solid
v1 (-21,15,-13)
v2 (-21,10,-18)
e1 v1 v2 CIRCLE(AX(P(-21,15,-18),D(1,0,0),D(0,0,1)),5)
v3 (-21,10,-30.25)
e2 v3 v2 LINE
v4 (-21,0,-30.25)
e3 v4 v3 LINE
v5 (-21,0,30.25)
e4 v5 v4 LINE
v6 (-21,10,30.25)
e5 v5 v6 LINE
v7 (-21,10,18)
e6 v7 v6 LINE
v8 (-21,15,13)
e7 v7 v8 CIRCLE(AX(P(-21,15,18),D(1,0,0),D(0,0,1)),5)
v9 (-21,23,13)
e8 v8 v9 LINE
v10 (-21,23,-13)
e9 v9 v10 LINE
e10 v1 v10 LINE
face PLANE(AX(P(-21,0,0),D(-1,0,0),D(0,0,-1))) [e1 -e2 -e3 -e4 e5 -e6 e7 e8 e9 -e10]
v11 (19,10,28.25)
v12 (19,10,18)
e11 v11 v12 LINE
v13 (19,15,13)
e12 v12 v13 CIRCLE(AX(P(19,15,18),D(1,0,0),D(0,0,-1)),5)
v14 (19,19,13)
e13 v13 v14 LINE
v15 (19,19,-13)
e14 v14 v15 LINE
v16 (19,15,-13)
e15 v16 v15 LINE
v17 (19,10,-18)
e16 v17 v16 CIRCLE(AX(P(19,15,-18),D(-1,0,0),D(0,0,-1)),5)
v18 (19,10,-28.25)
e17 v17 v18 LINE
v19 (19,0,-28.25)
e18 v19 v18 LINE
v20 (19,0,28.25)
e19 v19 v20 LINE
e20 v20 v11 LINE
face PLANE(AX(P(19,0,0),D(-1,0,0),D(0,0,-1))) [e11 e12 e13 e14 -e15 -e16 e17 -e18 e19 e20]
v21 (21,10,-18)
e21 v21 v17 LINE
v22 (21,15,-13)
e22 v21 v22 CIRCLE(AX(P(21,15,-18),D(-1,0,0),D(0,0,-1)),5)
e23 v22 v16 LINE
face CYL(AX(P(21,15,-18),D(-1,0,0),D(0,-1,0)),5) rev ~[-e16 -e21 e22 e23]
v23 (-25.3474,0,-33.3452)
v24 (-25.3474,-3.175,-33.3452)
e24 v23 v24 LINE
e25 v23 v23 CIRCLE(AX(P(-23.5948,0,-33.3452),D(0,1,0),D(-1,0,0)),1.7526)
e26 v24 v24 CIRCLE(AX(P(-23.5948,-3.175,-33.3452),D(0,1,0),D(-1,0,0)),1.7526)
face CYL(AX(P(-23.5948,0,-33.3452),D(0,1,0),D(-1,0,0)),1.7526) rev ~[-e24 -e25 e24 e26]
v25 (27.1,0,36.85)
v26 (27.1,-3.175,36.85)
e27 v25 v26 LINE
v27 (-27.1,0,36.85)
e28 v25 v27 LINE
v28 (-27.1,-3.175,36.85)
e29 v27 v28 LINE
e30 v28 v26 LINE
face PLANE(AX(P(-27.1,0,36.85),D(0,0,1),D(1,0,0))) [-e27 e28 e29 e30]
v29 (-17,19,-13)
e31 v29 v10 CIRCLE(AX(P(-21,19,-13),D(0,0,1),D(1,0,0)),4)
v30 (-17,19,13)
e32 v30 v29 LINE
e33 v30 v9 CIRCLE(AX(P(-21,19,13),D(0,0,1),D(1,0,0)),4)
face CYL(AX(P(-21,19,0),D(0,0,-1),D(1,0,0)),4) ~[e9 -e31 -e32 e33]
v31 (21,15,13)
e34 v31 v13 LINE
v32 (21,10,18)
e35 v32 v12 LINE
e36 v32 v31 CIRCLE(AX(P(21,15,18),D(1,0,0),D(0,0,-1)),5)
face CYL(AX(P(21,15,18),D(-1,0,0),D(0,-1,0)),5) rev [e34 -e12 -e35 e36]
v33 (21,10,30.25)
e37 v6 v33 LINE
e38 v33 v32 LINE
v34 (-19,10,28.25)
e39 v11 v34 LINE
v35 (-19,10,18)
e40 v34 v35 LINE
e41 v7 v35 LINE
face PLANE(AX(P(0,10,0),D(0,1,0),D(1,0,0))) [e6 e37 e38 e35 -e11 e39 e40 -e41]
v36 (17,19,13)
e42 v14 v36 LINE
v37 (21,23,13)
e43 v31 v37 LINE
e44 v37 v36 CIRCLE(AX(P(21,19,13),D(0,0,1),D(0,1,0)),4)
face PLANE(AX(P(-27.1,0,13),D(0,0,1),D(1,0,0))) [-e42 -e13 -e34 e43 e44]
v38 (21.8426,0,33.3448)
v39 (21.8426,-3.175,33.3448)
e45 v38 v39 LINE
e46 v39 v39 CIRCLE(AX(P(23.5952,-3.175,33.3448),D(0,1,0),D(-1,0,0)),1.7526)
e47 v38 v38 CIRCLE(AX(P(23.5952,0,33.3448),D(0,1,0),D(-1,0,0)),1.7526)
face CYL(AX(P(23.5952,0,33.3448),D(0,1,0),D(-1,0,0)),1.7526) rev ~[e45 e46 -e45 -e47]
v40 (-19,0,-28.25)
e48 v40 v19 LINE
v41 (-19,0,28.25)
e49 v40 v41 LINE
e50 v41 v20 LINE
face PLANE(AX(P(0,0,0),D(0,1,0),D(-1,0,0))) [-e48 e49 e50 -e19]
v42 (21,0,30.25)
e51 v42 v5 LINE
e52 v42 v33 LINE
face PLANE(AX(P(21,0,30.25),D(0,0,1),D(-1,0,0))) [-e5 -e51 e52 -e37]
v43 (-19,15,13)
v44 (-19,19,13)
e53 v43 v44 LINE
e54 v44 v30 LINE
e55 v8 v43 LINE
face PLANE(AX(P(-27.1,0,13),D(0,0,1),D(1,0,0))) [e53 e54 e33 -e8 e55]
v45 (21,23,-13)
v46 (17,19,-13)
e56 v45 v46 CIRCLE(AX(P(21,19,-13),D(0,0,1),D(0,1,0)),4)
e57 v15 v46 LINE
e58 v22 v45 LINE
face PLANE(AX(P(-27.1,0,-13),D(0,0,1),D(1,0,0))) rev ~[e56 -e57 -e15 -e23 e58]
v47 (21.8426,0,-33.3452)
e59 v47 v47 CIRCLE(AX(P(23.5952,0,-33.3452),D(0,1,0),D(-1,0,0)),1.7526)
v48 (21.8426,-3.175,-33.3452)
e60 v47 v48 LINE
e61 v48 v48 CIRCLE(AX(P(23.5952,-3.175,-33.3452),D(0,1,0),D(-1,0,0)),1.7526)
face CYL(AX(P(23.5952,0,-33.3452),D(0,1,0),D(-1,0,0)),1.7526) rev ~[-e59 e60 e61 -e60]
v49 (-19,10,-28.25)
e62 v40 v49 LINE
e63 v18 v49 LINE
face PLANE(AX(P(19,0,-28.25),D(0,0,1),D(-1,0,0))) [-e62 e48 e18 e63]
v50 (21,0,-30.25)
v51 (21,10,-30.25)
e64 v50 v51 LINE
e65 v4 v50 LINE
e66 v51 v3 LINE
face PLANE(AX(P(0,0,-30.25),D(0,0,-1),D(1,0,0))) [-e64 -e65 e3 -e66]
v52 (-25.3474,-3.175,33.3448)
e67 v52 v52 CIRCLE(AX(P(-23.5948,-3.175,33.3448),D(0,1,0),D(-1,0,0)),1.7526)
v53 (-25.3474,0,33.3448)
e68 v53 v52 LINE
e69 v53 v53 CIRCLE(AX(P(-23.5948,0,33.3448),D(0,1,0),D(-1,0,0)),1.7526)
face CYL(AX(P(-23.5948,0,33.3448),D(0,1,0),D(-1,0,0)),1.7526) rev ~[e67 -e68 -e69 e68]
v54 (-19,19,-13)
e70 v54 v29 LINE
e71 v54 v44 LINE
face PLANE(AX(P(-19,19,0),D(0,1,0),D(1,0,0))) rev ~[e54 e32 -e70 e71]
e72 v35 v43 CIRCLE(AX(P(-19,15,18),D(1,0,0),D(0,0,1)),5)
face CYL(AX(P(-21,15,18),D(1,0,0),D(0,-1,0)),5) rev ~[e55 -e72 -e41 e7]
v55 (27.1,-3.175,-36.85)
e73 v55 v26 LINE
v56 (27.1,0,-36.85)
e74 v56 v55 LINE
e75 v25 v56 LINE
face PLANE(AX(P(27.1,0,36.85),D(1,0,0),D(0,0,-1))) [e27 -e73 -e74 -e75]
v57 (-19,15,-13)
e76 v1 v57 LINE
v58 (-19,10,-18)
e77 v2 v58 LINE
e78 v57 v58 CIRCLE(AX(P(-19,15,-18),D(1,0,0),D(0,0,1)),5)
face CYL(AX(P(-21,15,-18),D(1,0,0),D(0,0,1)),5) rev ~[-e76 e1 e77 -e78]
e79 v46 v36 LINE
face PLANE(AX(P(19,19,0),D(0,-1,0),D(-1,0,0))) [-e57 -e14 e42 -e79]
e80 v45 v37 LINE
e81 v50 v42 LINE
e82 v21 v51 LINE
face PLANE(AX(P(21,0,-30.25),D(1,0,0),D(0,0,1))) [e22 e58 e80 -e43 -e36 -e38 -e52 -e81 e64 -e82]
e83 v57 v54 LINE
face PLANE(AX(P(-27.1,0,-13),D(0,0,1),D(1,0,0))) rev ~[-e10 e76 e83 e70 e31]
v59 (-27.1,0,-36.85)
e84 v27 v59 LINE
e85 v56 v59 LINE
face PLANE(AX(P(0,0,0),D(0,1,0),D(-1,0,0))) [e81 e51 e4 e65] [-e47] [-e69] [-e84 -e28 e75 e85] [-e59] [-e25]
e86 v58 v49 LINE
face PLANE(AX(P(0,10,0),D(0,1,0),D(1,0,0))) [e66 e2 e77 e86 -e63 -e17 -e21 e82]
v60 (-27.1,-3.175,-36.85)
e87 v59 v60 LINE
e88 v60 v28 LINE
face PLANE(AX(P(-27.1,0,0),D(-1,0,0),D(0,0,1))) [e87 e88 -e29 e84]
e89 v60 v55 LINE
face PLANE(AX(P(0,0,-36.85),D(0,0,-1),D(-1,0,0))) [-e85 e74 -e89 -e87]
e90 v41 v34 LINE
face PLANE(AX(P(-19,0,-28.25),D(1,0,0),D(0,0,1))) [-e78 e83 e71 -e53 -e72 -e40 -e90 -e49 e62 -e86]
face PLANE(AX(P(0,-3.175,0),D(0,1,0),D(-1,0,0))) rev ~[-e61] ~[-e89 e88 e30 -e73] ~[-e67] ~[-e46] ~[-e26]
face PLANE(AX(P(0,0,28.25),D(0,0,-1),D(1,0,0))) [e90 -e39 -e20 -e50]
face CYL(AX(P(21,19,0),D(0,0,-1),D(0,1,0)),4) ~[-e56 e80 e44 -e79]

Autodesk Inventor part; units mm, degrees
ref_plane "YZ Plane" through (0, 0, 0) normal (1, 0, 0) x (0, 1, 0)
ref_plane "XZ Plane" through (0, 0, 0) normal (0, 1, 0) x (-1, 0, 0)
ref_plane "XY Plane" through (0, 0, 0) normal (0, 0, 1) x (1, 0, 0)
sketch "Sketch1" plane through (0, 0, 0) normal (0, 1, 0) x (-1, 0, 0)
  line L0 (27.1, 36.85) -> (-27.1, 36.85)
  line L1 (-27.1, 36.85) -> (-27.1, -36.85)
  line L2 (-27.1, -36.85) -> (27.1, -36.85)
  line L3 (27.1, -36.85) -> (27.1, 36.85)
  line L4 (37.94, 0) -> (-37.94, 0) projected
  line L5 (0, -51.59) -> (0, 51.59) projected
  circle A0 centre (23.5948, 33.3448) radius 1.7526
  circle A1 centre (-23.5952, 33.3448) radius 1.7526
  circle A2 centre (23.5948, -33.3452) radius 1.7526
  circle A3 centre (-23.5952, -33.3452) radius 1.7526
  point P0 (0, 0)
  dimension "d0" = 54.2
  dimension "d1" = 73.7
  dimension "d16" = 3.5052
  dimension "d17" = 3.5052
  dimension "d18" = 3.5052
  dimension "d21" = 47.19
  dimension "d24" = 66.69
extrude "baseplate" add sketch "Sketch1" against normal blind 3.175 contours L3 L4 L5 L0 | L5 L4 L1 L0 | L3 L2 L5 L4 | L5 L2 L1 L4 | A0 | A1 | A2 | A3
sketch "Sketch2" plane through (0, 0, 0) normal (0, 1, 0) x (1, 0, 0)
  line L0 (19, 28.25) -> (-19, 28.25)
  line L1 (-19, 28.25) -> (-19, -28.25)
  line L2 (-19, -28.25) -> (19, -28.25)
  line L3 (19, -28.25) -> (19, 28.25)
  line L4 (-37.94, 0) -> (37.94, 0) projected
  line L5 (0, 51.59) -> (0, -51.59) projected
  line L6 (-21, -30.25) -> (-21, 30.25)
  line L7 (-21, 30.25) -> (21, 30.25)
  line L8 (21, 30.25) -> (21, -30.25)
  line L9 (21, -30.25) -> (-21, -30.25)
  dimension "d4" = 38
  dimension "d5" = 56.5
  dimension "d6" = 2
extrude "perimeter" add sketch "Sketch2" along normal blind 10 contours L0 L5 L7 L8 L4 L3 | L0 L1 L4 L6 L7 L5 | L4 L8 L9 L5 L2 L3 | L1 L2 L5 L9 L6 L4
ref_plane "Work Plane1" through (-27.1, 0, 0) normal (0, 0, 1) x (1, 0, 0)
sketch "Sketch3" plane through (-27.1, 0, 0) normal (0, 0, 1) x (1, 0, 0)
  line L0 (48.1, 10) -> (46.1, 10)
  line L1 (46.1, 10) -> (46.1, 19)
  line L2 (46.1, 19) -> (44.1, 19)
  line L3 (48.1, 10) -> (48.1, 23)
  arc A0 (48.1, 23) -> (44.1, 19) centre (48.1, 19) ccw
  line L4 (27.1, 0) -> (27.1, 45.1965)
  line L5 (6.1, 10) -> (8.1, 10)
  line L6 (8.1, 10) -> (8.1, 19)
  line L7 (8.1, 19) -> (10.1, 19)
  line L8 (6.1, 10) -> (6.1, 23)
  arc A1 (10.1, 19) -> (6.1, 23) centre (6.1, 19) ccw
  dimension "d10" = 2
  dimension "d11" = 2
  dimension "d12" = 9
  dimension "d13" = 13
extrude "holders" add sketch "Sketch3" along normal mid plane 26
extrude "Extrusion4" cut sketch "Sketch1" against normal blind 10 contours A0 | A1 | A2 | A3
fillet "Fillet1" radius 5 4 edges at (20, 10, -13) (-20, 10, -13) (20, 10, 13) (-20, 10, 13)
properties part number "esc_holder"
